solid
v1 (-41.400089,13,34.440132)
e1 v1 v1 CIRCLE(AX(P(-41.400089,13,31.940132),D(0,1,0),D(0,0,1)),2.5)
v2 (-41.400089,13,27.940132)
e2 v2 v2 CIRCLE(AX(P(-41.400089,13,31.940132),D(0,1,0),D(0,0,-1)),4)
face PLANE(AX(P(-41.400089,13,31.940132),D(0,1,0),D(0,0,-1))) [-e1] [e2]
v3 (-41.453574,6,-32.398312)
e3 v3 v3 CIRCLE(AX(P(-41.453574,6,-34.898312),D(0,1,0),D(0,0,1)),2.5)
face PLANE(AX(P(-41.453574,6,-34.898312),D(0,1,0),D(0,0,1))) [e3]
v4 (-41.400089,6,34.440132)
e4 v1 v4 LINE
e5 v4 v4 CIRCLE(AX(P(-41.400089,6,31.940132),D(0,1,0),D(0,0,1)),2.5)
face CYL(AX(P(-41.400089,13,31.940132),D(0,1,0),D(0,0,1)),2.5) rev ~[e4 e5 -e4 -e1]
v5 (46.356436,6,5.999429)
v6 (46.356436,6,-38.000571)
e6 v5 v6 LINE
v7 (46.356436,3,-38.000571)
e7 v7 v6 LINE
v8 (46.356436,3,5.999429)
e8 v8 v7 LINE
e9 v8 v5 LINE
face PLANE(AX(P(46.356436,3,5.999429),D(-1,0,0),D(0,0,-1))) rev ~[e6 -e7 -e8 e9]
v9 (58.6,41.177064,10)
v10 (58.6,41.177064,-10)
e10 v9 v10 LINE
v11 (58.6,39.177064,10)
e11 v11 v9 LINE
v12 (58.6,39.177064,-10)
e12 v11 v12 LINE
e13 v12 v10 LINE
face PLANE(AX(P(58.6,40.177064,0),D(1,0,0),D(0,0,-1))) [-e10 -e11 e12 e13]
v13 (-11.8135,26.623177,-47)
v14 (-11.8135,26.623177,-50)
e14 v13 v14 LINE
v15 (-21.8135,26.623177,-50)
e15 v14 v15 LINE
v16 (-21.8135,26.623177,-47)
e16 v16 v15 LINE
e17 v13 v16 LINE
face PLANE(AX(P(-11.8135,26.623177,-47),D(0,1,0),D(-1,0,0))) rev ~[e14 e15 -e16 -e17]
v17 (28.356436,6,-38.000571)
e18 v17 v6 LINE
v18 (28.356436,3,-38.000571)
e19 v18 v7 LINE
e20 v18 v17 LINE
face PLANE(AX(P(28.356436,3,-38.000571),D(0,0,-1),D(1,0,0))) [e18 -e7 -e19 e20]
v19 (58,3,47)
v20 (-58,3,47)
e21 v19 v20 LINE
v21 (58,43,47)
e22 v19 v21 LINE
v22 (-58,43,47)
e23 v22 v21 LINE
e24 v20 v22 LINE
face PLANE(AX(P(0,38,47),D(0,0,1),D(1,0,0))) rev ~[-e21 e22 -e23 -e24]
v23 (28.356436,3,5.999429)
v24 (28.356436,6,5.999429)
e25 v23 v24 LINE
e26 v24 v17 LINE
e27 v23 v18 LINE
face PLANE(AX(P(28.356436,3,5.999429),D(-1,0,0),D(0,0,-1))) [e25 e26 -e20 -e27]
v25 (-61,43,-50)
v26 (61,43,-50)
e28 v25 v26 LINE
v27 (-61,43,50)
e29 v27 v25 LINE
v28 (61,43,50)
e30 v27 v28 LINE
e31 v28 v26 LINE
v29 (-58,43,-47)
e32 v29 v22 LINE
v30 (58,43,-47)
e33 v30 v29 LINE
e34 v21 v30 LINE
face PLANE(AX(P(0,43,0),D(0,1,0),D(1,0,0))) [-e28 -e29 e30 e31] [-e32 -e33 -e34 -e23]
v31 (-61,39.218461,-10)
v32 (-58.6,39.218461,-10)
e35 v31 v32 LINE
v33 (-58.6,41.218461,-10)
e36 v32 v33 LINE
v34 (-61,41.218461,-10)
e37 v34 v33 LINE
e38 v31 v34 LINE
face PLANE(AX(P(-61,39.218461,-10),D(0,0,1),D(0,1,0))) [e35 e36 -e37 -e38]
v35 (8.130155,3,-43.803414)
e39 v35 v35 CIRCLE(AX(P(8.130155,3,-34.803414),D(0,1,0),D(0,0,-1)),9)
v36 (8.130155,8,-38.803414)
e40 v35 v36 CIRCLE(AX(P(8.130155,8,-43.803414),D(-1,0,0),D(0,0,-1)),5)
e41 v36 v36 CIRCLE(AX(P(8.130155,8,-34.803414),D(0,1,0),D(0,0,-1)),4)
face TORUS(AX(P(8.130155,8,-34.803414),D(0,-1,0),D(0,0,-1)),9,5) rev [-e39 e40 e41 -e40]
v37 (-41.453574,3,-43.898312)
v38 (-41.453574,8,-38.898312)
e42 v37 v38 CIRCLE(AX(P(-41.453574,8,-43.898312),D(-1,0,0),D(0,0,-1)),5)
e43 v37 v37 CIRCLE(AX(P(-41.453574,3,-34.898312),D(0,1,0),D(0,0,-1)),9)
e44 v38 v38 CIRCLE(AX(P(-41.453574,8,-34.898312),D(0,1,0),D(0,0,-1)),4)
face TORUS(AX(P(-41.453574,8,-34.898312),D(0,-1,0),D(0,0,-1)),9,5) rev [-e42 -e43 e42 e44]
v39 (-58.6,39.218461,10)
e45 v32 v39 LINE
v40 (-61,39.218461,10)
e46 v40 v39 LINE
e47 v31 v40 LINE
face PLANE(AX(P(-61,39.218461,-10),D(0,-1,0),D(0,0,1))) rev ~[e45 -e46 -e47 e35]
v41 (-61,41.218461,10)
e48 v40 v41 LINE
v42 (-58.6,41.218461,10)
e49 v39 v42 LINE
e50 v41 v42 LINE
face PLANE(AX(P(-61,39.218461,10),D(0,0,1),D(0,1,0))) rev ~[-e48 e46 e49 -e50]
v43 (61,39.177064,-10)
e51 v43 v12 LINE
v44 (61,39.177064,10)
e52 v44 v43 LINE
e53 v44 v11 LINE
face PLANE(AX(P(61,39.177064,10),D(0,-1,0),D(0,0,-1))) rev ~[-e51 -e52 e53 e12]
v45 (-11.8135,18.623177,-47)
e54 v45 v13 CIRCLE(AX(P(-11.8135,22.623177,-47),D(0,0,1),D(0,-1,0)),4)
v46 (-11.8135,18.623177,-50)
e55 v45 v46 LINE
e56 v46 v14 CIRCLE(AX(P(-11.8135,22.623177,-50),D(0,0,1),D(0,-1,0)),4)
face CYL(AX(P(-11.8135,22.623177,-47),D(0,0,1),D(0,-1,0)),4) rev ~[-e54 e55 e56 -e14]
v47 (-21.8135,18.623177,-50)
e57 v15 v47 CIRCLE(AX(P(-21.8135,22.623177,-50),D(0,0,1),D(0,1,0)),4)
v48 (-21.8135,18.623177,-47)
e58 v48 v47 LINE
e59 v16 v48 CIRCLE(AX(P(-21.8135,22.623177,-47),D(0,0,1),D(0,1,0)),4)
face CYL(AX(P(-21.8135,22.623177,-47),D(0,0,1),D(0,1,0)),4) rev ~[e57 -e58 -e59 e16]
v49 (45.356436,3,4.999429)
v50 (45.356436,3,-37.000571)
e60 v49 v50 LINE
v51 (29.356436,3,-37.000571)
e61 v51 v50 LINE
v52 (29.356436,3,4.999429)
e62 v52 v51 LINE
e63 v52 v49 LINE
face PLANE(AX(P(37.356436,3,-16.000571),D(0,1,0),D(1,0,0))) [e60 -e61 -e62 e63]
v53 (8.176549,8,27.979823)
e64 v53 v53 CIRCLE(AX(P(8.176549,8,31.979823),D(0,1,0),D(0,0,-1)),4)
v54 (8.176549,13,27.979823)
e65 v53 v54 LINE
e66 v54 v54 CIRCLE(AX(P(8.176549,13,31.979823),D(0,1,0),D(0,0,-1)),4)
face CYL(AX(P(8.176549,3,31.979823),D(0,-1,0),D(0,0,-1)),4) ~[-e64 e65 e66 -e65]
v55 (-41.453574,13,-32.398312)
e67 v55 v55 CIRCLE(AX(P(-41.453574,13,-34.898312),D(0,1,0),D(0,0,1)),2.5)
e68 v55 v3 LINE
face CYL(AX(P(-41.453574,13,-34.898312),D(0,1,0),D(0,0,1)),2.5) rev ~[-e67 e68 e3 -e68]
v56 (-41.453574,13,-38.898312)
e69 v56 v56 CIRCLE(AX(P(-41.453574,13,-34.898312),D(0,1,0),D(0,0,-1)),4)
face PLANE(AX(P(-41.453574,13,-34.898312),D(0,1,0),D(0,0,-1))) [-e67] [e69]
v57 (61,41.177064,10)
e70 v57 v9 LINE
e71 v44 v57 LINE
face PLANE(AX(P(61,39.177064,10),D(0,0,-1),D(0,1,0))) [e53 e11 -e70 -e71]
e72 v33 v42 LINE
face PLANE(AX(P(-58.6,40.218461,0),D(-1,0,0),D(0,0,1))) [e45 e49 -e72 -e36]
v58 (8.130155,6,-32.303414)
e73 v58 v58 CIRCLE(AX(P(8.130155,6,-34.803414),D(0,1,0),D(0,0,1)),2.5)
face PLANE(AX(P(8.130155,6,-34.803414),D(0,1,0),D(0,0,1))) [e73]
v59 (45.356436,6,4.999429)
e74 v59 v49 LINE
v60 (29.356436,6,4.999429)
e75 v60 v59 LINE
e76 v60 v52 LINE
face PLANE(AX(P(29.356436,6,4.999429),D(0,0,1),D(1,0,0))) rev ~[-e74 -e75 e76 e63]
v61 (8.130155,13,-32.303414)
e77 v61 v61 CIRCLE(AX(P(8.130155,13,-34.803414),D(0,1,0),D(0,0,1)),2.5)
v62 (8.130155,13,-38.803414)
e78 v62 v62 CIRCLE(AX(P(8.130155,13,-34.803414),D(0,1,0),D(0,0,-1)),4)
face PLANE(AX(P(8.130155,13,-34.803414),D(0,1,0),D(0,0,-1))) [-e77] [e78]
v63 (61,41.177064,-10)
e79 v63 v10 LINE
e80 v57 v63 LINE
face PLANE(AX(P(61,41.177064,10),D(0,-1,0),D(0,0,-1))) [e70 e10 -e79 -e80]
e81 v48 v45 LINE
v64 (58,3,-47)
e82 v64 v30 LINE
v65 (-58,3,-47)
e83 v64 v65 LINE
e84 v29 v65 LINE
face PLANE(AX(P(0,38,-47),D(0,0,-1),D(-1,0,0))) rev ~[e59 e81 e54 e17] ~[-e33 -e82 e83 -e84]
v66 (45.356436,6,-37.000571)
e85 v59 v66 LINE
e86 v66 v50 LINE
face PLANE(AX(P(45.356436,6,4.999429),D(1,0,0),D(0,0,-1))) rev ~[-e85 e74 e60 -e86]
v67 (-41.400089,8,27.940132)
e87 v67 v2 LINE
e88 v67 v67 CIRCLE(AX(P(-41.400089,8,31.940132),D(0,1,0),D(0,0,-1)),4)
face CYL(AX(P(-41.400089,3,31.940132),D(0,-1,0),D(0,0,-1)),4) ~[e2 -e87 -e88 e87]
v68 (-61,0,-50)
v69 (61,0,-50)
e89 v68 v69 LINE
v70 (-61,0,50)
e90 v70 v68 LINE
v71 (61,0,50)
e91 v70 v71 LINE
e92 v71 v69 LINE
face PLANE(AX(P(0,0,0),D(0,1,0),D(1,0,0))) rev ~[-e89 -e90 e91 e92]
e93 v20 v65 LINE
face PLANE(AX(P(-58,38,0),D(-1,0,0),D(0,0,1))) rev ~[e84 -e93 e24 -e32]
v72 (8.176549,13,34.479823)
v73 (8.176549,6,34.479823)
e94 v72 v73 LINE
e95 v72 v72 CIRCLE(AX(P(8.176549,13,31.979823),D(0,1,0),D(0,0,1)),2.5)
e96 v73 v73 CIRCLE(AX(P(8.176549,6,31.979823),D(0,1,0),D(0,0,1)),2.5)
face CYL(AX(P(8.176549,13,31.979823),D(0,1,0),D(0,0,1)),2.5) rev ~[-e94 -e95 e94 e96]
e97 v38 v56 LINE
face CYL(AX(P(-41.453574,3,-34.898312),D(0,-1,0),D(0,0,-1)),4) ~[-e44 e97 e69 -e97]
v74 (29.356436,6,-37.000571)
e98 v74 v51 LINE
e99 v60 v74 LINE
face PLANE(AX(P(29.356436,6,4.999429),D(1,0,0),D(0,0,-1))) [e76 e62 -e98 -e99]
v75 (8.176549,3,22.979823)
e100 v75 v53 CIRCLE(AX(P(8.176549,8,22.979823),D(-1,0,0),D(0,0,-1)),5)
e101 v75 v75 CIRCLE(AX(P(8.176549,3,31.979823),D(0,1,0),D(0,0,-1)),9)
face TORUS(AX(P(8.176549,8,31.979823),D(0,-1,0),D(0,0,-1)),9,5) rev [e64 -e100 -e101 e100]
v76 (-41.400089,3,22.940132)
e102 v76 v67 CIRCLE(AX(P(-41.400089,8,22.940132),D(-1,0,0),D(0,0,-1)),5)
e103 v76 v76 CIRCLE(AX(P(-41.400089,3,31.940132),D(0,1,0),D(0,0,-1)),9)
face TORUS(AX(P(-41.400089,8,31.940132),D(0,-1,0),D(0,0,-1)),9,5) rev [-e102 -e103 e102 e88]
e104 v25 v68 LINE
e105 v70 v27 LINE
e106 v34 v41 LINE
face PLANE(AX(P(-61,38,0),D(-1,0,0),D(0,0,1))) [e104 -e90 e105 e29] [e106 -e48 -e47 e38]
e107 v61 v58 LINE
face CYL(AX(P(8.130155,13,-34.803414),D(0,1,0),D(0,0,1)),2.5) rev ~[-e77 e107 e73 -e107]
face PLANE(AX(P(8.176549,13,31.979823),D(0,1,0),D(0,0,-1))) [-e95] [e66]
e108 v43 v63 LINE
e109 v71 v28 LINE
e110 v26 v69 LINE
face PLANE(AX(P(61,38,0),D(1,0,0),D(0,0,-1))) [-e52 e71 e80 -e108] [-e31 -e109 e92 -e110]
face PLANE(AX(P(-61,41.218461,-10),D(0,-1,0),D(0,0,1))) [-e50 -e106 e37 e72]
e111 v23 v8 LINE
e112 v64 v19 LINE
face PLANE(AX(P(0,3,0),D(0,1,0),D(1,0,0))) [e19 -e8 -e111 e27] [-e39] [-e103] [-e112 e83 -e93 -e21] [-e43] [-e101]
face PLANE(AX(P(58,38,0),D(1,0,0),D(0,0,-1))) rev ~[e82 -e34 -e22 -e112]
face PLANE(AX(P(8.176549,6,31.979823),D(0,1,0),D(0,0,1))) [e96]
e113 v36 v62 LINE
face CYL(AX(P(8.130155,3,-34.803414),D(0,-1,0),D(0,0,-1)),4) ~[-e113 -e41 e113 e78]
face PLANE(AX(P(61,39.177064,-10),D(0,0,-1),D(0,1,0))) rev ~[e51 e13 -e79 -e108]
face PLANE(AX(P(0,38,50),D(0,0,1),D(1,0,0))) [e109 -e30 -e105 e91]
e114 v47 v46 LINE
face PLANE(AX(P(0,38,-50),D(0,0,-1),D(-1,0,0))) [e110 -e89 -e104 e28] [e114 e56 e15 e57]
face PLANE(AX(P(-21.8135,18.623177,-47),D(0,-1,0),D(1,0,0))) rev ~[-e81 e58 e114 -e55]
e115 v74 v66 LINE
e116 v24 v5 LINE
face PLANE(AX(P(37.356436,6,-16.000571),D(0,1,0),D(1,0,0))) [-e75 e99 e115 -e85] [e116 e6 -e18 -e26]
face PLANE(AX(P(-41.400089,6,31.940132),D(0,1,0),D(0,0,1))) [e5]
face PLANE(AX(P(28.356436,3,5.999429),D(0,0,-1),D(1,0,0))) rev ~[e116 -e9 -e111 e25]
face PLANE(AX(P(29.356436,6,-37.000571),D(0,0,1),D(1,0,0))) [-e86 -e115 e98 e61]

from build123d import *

# Parameters (mm, degrees)
SKETCH1_W           = 122
SKETCH1_H           = 100
BOSS_EXTRUDE1_DEPTH = 3
SKETCH2_W           = 122
SKETCH2_H           = 100
BOSS_EXTRUDE2_DEPTH = 5
SHELL1_T            = -3
SKETCH5_W           = 20
SKETCH5_H           = 2
CUT_EXTRUDE1_DEPTH  = 2.4
SKETCH6_W           = 20
SKETCH6_H           = 2
CUT_EXTRUDE2_DEPTH  = 2.4
SKETCH7_R           = 4
BOSS_EXTRUDE3_DEPTH = 10
SKETCH11_R          = 2.5
CUT_EXTRUDE5_DEPTH  = 7
CUT_EXTRUDE6_DEPTH  = 3
SKETCH13_W          = 18
SKETCH13_H          = 44
BOSS_EXTRUDE5_DEPTH = 3
SKETCH14_W          = 16
SKETCH14_H          = 42
CUT_EXTRUDE7_DEPTH  = 3
FILLET1_R           = 5


with BuildPart() as part:
    # Sketch1 → Boss-Extrude1 (new body)
    with BuildSketch(Plane(origin=(0, 0, 0), x_dir=(1, 0, 0), z_dir=(0, 1, 0))):
        Rectangle(SKETCH1_W, SKETCH1_H)
    extrude(amount=BOSS_EXTRUDE1_DEPTH)



with BuildPart() as body_2:
    # Sketch2 → Boss-Extrude2 (new body)
    with BuildSketch(Plane(origin=(0, 38, 0), x_dir=(1, 0, 0), z_dir=(0, 1, 0))):
        Rectangle(SKETCH2_W, SKETCH2_H)
    extrude(amount=BOSS_EXTRUDE2_DEPTH)


with BuildPart() as part_1:
    add(part.part)

    add(body_2.part)  # loft1 joins it to this body
    # loft from a face of the part (loft1)
    loft([part_1.faces().sort_by_distance((0, 3, 0))[0], part_1.faces().sort_by_distance((0, 38, 0))[0]])

    # Shell1
    shell1_openings = [part_1.faces().sort_by_distance(p)[0] for p in [
        (0, 43, 0),
    ]]
    offset(amount=SHELL1_T, openings=shell1_openings, kind=Kind.INTERSECTION)

    # Sketch5 → Cut-Extrude1 (cut)
    with BuildSketch(Plane.ZY.offset(61)):
        with Locations((0, 40.21846081)):
            Rectangle(SKETCH5_W, SKETCH5_H)
    extrude(amount=-CUT_EXTRUDE1_DEPTH, mode=Mode.SUBTRACT)

    # Sketch6 → Cut-Extrude2 (cut)
    with BuildSketch(Plane(origin=(61, 0, 0), x_dir=(0, 0, -1), z_dir=(1, 0, 0))):
        with Locations((0, 40.177064429)):
            Rectangle(SKETCH6_W, SKETCH6_H)
    extrude(amount=-CUT_EXTRUDE2_DEPTH, mode=Mode.SUBTRACT)

    # Sketch7 → Boss-Extrude3 (add)
    with BuildSketch(Plane(origin=(0, 3, 0), x_dir=(1, 0, 0), z_dir=(0, 1, 0))):
        with Locations(Location((-41.453573848, 34.898312462, 0), (0, 0, 90))):
            Circle(SKETCH7_R)
        with Locations(Location((8.130154931, 34.803413618, 0), (0, 0, 90))):
            Circle(SKETCH7_R)
        with Locations(Location((8.176549105, -31.979822672, 0), (0, 0, 90))):
            Circle(SKETCH7_R)
        with Locations(Location((-41.400089419, -31.94013199, 0), (0, 0, 90))):
            Circle(SKETCH7_R)
    extrude(amount=BOSS_EXTRUDE3_DEPTH)

    # Sketch11 → Cut-Extrude5 (cut)
    with BuildSketch(Plane(origin=(0, 13, 0), x_dir=(1, 0, 0), z_dir=(0, 1, 0))):
        with Locations(Location((-41.400089419, -31.94013199, 0), (0, 0, 270))):
            Circle(SKETCH11_R)
        with Locations(Location((8.176549105, -31.979822672, 0), (0, 0, 270))):
            Circle(SKETCH11_R)
        with Locations(Location((8.130154931, 34.803413618, 0), (0, 0, 270))):
            Circle(SKETCH11_R)
        with Locations(Location((-41.453573848, 34.898312462, 0), (0, 0, 270))):
            Circle(SKETCH11_R)
    extrude(amount=-CUT_EXTRUDE5_DEPTH, mode=Mode.SUBTRACT)

    # Sketch12 → Cut-Extrude6 (cut)
    with BuildSketch(Plane.XY.offset(-47)):
        with BuildLine():
            Line((-21.813500173, 18.623177144), (-11.813500173, 18.623177144))
            ThreePointArc((-11.813500173, 18.623177144), (-7.813500173, 22.623177144), (-11.813500173, 26.623177144))
            Line((-11.813500173, 26.623177144), (-21.813500173, 26.623177144))
            ThreePointArc((-21.813500173, 26.623177144), (-25.813500173, 22.623177144), (-21.813500173, 18.623177144))
        make_face()
    extrude(amount=-CUT_EXTRUDE6_DEPTH, mode=Mode.SUBTRACT)

    # Sketch13 → Boss-Extrude5 (add)
    with BuildSketch(Plane(origin=(0, 3, 0), x_dir=(1, 0, 0), z_dir=(0, 1, 0))):
        with Locations((37.356436199, 16.000571449)):
            Rectangle(SKETCH13_W, SKETCH13_H)
    extrude(amount=BOSS_EXTRUDE5_DEPTH)

    # Sketch14 → Cut-Extrude7 (cut)
    with BuildSketch(Plane(origin=(0, 6, 0), x_dir=(1, 0, 0), z_dir=(0, 1, 0))):
        with Locations((37.356436199, 16.000571449)):
            Rectangle(SKETCH14_W, SKETCH14_H)
    extrude(amount=-CUT_EXTRUDE7_DEPTH, mode=Mode.SUBTRACT)

    # Fillet1
    fillet1_edges = [part_1.edges().sort_by_distance(p)[0] for p in [
        (-41.453573848, 3, -30.898312462),
        (8.130154931, 3, -30.803413618),
        (8.176549105, 3, 35.979822672),
        (-41.400089419, 3, 35.94013199),
    ]]
    fillet(fillet1_edges, radius=FILLET1_R)


solid = part_1.part
